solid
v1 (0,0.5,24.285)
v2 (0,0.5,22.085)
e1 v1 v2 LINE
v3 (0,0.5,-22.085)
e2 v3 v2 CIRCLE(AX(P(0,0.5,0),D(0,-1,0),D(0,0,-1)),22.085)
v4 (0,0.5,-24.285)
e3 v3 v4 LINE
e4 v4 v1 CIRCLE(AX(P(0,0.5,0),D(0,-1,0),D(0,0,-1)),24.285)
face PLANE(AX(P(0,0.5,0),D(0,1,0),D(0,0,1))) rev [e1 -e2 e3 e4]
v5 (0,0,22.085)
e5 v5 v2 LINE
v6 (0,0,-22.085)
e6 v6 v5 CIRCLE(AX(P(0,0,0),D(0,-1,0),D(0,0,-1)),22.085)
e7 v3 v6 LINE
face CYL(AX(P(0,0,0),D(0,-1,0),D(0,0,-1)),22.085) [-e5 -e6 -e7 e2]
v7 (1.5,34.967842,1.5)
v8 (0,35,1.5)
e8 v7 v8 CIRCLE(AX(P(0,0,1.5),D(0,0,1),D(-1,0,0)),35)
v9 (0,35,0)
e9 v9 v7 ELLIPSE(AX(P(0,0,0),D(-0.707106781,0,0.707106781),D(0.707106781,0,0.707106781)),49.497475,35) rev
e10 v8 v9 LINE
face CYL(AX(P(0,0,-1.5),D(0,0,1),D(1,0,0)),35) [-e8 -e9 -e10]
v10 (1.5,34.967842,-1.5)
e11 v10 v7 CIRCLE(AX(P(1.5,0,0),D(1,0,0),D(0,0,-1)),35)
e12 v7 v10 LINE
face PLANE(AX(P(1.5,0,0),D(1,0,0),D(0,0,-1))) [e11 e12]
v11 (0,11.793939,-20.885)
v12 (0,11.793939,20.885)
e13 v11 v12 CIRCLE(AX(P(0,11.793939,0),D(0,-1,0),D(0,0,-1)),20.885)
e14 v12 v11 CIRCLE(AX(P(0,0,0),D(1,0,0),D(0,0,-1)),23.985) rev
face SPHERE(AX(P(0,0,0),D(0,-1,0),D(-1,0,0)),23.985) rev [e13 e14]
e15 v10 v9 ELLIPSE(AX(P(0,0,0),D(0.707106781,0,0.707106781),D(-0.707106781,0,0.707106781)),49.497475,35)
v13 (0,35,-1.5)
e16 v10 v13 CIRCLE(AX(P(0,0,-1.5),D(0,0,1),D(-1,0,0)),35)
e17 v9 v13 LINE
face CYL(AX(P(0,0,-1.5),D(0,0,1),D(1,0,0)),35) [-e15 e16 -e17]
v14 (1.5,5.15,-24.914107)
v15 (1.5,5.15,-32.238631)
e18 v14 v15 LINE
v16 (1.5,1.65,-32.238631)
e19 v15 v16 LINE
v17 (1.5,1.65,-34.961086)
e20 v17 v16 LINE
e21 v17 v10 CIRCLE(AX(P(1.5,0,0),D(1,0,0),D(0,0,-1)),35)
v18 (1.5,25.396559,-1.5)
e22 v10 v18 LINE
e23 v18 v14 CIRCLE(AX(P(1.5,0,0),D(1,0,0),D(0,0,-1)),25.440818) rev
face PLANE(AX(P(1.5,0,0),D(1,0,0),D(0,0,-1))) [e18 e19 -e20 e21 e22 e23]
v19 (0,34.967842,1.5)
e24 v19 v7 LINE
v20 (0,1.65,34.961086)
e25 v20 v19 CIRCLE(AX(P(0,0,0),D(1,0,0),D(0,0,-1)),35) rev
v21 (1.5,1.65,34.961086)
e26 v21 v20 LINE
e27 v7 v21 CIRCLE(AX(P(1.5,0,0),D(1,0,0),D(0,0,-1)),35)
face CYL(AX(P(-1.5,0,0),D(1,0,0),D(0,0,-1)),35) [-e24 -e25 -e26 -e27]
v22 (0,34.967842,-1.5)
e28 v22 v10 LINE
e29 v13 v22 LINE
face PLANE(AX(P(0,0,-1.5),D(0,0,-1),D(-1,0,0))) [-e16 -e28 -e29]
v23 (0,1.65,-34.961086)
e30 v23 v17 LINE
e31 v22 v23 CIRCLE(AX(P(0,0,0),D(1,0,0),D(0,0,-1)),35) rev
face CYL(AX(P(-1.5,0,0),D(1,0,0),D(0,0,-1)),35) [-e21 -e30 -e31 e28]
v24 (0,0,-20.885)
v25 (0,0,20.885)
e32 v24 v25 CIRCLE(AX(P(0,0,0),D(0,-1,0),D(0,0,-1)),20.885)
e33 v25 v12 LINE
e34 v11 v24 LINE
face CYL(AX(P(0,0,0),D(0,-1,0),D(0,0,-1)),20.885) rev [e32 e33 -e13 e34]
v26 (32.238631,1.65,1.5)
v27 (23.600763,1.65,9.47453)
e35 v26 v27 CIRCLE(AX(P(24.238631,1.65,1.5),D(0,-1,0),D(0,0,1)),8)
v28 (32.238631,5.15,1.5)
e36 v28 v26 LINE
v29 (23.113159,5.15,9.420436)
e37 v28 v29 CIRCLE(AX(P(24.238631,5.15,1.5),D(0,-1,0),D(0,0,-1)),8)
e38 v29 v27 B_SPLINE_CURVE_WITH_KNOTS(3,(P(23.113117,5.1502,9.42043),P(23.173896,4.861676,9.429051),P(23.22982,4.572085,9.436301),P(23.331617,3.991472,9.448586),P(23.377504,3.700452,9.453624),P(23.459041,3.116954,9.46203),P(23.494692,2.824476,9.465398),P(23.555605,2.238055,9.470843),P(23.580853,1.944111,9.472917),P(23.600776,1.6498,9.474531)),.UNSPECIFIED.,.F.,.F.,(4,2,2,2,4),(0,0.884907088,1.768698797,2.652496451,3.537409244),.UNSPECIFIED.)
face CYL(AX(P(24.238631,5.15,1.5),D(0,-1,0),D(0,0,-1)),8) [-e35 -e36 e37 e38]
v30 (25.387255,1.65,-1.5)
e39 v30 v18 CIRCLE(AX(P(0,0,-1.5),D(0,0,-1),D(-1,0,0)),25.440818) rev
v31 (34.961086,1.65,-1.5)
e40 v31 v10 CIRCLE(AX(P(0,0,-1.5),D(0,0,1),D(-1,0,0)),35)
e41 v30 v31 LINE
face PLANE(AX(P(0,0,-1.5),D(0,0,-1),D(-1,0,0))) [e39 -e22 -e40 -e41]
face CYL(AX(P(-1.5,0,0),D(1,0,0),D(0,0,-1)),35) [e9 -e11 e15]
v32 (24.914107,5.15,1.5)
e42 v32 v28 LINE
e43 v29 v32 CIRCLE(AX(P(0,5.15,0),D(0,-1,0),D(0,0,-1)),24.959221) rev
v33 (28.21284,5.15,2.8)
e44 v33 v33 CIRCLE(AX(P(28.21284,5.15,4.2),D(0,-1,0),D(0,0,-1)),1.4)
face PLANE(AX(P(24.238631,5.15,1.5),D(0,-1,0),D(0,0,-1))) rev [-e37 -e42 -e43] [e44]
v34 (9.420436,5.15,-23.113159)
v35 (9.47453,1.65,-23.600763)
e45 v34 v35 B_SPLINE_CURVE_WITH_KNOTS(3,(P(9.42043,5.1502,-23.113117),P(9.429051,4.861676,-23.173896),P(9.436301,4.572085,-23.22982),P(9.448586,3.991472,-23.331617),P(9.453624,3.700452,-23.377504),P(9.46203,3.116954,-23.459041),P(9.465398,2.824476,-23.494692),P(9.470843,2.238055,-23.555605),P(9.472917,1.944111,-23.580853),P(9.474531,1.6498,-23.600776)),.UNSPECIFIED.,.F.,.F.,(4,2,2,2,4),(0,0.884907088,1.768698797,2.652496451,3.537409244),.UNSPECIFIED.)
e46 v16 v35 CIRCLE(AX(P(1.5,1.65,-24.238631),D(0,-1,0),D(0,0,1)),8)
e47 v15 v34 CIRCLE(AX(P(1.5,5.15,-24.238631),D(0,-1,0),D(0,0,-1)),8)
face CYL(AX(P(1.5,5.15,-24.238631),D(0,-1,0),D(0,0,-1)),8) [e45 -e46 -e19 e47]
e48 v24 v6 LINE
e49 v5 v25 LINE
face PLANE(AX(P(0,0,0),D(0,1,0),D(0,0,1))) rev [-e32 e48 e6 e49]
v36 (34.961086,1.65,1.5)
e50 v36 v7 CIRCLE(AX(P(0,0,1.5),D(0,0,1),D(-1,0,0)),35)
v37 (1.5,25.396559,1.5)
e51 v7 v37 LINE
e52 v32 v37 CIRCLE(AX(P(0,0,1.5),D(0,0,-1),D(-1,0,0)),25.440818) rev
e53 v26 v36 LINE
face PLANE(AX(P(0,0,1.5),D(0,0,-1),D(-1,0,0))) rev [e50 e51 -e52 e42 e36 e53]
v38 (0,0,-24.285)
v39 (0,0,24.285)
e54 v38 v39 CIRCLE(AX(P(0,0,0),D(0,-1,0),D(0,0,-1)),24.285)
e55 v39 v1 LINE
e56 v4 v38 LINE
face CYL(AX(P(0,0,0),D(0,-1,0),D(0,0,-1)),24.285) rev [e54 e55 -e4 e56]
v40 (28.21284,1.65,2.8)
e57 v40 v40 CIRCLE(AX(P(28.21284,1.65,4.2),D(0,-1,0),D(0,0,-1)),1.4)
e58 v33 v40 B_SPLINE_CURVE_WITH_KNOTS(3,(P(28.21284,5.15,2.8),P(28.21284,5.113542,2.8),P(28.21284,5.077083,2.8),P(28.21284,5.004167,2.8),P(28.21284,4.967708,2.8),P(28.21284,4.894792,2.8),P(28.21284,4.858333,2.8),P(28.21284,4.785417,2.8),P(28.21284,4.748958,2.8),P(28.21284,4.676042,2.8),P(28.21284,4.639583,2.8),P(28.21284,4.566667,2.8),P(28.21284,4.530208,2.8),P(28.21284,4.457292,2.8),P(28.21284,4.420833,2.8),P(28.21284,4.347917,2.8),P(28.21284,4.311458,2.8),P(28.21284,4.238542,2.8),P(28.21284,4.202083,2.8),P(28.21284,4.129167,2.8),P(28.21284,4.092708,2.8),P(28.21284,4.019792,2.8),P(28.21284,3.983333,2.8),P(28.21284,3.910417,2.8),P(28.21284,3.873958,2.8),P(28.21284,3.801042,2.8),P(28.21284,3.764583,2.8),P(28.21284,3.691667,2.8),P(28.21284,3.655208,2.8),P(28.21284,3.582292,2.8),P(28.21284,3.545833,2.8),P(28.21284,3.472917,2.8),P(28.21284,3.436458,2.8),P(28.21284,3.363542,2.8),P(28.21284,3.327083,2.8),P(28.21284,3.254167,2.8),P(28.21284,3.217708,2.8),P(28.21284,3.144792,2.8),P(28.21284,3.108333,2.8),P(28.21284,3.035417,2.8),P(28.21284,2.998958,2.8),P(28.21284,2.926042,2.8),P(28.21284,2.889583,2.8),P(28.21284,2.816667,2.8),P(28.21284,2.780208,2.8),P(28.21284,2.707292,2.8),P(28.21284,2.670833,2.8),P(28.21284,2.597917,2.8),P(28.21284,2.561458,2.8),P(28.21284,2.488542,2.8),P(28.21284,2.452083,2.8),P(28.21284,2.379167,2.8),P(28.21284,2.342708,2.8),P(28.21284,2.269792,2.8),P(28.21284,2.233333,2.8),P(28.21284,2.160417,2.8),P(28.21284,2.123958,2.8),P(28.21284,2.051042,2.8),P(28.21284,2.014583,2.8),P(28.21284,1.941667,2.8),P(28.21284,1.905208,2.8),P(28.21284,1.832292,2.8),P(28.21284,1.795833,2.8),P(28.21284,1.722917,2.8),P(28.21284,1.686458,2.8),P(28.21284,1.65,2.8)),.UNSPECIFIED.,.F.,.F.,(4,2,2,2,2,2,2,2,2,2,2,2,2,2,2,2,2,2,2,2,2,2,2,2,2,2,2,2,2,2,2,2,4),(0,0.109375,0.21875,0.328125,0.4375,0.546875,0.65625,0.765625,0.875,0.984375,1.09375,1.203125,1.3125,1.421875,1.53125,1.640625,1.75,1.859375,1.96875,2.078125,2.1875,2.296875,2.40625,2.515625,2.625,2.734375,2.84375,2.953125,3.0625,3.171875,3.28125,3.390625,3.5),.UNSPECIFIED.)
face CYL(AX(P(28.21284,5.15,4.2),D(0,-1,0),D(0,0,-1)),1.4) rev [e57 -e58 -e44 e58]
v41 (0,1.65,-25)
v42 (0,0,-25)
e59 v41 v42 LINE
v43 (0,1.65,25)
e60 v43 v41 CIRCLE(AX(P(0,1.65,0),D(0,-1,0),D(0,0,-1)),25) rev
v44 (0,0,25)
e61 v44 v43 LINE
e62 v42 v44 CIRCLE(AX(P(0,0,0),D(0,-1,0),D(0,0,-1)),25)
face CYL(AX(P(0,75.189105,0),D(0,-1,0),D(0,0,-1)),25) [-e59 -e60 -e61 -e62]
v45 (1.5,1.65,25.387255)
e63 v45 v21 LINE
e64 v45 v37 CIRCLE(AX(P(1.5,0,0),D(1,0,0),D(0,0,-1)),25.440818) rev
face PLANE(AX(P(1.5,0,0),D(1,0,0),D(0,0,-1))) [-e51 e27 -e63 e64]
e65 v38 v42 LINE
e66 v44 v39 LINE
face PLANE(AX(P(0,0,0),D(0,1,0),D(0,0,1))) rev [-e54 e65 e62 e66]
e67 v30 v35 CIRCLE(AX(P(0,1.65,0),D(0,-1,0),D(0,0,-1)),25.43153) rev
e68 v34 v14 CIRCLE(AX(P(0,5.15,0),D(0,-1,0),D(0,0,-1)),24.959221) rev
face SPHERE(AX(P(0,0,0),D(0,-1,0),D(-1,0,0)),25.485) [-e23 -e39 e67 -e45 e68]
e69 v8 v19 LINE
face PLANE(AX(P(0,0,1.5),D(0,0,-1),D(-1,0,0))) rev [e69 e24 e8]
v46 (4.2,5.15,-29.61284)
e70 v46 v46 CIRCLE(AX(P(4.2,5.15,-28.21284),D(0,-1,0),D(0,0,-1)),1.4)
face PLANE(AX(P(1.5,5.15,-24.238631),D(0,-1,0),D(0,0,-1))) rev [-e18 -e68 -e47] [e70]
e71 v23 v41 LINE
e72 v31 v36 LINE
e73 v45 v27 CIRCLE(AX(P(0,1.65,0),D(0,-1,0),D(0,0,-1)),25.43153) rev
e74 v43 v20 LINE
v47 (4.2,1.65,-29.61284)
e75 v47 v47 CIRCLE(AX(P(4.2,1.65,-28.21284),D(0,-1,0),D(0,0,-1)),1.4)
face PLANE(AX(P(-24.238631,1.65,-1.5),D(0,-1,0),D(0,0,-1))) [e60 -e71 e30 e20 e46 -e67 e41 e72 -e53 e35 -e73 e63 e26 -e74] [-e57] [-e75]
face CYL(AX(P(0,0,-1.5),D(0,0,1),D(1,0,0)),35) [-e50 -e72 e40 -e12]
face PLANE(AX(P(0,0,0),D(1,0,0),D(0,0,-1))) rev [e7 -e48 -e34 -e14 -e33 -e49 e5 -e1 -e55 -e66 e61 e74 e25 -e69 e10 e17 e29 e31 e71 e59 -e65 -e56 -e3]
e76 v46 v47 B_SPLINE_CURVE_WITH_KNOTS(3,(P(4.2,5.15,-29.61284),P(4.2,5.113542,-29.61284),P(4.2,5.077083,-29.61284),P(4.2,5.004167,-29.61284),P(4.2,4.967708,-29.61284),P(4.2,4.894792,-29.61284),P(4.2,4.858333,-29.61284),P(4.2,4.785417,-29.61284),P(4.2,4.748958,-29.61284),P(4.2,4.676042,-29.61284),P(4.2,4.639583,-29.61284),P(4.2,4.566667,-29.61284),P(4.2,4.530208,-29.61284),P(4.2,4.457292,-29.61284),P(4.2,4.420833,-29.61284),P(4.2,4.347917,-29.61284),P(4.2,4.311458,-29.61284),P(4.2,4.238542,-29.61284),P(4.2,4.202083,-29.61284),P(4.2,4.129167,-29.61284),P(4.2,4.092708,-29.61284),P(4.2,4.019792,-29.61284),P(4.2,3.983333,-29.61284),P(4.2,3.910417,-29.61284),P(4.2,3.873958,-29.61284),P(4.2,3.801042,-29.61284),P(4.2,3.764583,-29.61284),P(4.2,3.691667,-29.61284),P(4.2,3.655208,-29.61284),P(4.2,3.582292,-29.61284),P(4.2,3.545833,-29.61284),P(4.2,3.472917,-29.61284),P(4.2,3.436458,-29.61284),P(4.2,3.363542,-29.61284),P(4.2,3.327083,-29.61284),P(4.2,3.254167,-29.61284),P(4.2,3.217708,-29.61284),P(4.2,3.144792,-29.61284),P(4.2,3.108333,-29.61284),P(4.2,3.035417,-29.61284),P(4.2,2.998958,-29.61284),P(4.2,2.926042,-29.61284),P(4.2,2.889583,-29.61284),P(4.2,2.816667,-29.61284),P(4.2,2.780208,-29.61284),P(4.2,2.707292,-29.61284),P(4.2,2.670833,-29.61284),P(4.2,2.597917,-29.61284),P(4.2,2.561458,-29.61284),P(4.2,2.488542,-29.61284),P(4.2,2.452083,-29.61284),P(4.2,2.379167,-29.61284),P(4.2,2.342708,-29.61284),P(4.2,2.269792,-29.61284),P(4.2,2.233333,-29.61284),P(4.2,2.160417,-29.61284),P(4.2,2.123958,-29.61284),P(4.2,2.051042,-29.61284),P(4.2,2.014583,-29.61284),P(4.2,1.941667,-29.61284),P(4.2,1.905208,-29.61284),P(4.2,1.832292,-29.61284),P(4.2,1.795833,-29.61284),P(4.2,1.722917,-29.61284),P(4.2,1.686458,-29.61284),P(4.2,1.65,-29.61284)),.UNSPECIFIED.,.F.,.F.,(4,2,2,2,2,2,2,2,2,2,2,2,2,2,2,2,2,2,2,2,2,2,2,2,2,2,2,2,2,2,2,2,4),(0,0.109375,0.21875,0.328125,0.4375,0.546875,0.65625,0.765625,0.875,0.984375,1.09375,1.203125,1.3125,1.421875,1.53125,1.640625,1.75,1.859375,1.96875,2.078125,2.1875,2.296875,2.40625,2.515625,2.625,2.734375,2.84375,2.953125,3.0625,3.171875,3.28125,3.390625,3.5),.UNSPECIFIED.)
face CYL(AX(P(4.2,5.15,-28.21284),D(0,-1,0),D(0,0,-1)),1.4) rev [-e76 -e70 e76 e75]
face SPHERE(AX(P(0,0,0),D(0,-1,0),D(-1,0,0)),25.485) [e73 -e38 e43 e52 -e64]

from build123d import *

# Parameters (mm, degrees)
BOSS_EXTRUDE1_DEPTH      = 1.5
BOSS_EXTRUDE1_DEPTH_BACK = 1.5
BOSS_EXTRUDE2_DEPTH      = 1.5
BOSS_EXTRUDE2_DEPTH_BACK = 1.5
SKETCH4_W                = 11.052180397
SKETCH4_H                = 1.65
SKETCH5_R                = 1.4
BOSS_EXTRUDE20_DEPTH     = 3.5
SKETCH6_R                = 26
SKETCH6_R_2              = 25
CUT_EXTRUDE1_DEPTH       = 1.65


with BuildPart() as part:
    # Sketch1 → Revolve1 (revolve)
    with BuildSketch(Plane.XY, mode=Mode.PRIVATE) as revolve1_sk:
        with BuildLine():
            Line((-20.885, 0), (-20.885, 11.793939121))
            ThreePointArc((-20.885, 11.793939121), (-12.091372858, 20.714220415), (0, 23.985))
            Line((0, 23.985), (0, 25.485))
            ThreePointArc((0, 25.485), (-18.020616319, 18.020616319), (-25.485, 0))
            Line((-25.485, 0), (-24.285, 0))
            Line((-24.285, 0), (-24.285, 0.5))
            Line((-24.285, 0.5), (-22.085, 0.5))
            Line((-22.085, 0.5), (-22.085, 0))
            Line((-22.085, 0), (-20.885, 0))
        make_face()
    revolve(revolve1_sk.sketch.rotate(Axis((0, 0, 0), (0, 1, 0)), 270), axis=Axis((0, 0, 0), (0, 1, 0)))



with BuildPart() as body_2:
    # Sketch2 → Boss-Extrude1 (new, two sides)
    with BuildSketch(Plane.XY) as boss_extrude1_sk:
        with BuildLine():
            Line((-24.9, 0), (-35, 0))
            ThreePointArc((-35, 0), (0, 35), (35, 0))
            Line((35, 0), (24.9, 0))
            ThreePointArc((24.9, 0), (0, 24.9), (-24.9, 0))
        make_face()
    extrude(amount=BOSS_EXTRUDE1_DEPTH)
    extrude(boss_extrude1_sk.sketch, amount=-BOSS_EXTRUDE1_DEPTH_BACK)

    # Sketch3 → Boss-Extrude2 (add, two sides)
    with BuildSketch(Plane(origin=(0, 0, 0), x_dir=(0, 0, -1), z_dir=(1, 0, 0))) as boss_extrude2_sk:
        with BuildLine():
            Line((35, 0), (24.9, 0))
            ThreePointArc((24.9, 0), (0, 24.9), (-24.9, 0))
            Line((-24.9, 0), (-35, 0))
            ThreePointArc((-35, 0), (0, 35), (35, 0))
        make_face()
    extrude(amount=BOSS_EXTRUDE2_DEPTH)
    extrude(boss_extrude2_sk.sketch, amount=-BOSS_EXTRUDE2_DEPTH_BACK)

    # Sketch4 → Cut-Revolve2 (revolve, cut)
    with BuildSketch(Plane.XY):
        with Locations((-30.371361379, 0.825)):
            Rectangle(SKETCH4_W, SKETCH4_H)
    revolve(axis=Axis((0, 0, 0), (0, 1, 0)), mode=Mode.SUBTRACT)


with BuildPart() as part_1:
    add(part.part)

    add(body_2.part)  # Boss-Extrude20 merges body 2
    # Sketch5 → Boss-Extrude20 (add)
    with BuildSketch(Plane.XZ.offset(-1.65)):
        with BuildLine():
            Line((-32.23863084, -1.5), (-24.23863084, -1.5))
            ThreePointArc((-24.23863084, -1.5), (-23.660511509, -5.471875377), (-22.4360777, -9.294280094))
            ThreePointArc((-22.4360777, -9.294280094), (-27.026694315, -8.998446643), (-30.695451754, -6.223289498))
            ThreePointArc((-30.695451754, -6.223289498), (-31.843056108, -3.984495189), (-32.23863084, -1.5))
        make_face()
        with Locations(Location((-28.212839525, -4.2, 0), (0, 0, 270))):
            Circle(SKETCH5_R, mode=Mode.SUBTRACT)
        with BuildLine():
            Line((24.23863084, 1.5), (32.23863084, 1.5))
            ThreePointArc((32.23863084, 1.5), (31.843056108, 3.984495189), (30.695451754, 6.223289498))
            ThreePointArc((30.695451754, 6.223289498), (27.026694315, 8.998446643), (22.4360777, 9.294280094))
            ThreePointArc((22.4360777, 9.294280094), (23.660511509, 5.471875377), (24.23863084, 1.5))
        make_face()
        with Locations(Location((28.212839525, 4.2, 0), (0, 0, 270))):
            Circle(SKETCH5_R, mode=Mode.SUBTRACT)
        with BuildLine():
            Line((-1.5, 32.23863084), (-1.5, 24.23863084))
            ThreePointArc((-1.5, 24.23863084), (-5.471875377, 23.660511509), (-9.294280094, 22.4360777))
            ThreePointArc((-9.294280094, 22.4360777), (-8.998446643, 27.026694315), (-6.223289498, 30.695451754))
            ThreePointArc((-6.223289498, 30.695451754), (-3.984495189, 31.843056108), (-1.5, 32.23863084))
        make_face()
        with Locations(Location((-4.2, 28.212839525, 0), (0, 0, 270))):
            Circle(SKETCH5_R, mode=Mode.SUBTRACT)
        with BuildLine():
            Line((1.5, -32.23863084), (1.5, -24.23863084))
            ThreePointArc((1.5, -24.23863084), (5.471875377, -23.660511509), (9.294280094, -22.4360777))
            ThreePointArc((9.294280094, -22.4360777), (8.998446643, -27.026694315), (6.223289498, -30.695451754))
            ThreePointArc((6.223289498, -30.695451754), (3.984495189, -31.843056108), (1.5, -32.23863084))
        make_face()
        with Locations(Location((4.2, -28.212839525, 0), (0, 0, 270))):
            Circle(SKETCH5_R, mode=Mode.SUBTRACT)
    extrude(amount=-BOSS_EXTRUDE20_DEPTH)

    # Sketch6 → Cut-Extrude1 (cut)
    with BuildSketch(Plane.XZ):
        Circle(SKETCH6_R)
        with Locations(Location((0, 0, 0), (0, 0, 270))):
            Circle(SKETCH6_R_2, mode=Mode.SUBTRACT)
    extrude(amount=-CUT_EXTRUDE1_DEPTH, mode=Mode.SUBTRACT)

    # SurfaceCut1
    split(bisect_by=Plane(origin=(0, 0, 0), x_dir=(0, 0, -1), z_dir=(1, 0, 0)), keep=Keep.TOP)


solid = part_1.part
